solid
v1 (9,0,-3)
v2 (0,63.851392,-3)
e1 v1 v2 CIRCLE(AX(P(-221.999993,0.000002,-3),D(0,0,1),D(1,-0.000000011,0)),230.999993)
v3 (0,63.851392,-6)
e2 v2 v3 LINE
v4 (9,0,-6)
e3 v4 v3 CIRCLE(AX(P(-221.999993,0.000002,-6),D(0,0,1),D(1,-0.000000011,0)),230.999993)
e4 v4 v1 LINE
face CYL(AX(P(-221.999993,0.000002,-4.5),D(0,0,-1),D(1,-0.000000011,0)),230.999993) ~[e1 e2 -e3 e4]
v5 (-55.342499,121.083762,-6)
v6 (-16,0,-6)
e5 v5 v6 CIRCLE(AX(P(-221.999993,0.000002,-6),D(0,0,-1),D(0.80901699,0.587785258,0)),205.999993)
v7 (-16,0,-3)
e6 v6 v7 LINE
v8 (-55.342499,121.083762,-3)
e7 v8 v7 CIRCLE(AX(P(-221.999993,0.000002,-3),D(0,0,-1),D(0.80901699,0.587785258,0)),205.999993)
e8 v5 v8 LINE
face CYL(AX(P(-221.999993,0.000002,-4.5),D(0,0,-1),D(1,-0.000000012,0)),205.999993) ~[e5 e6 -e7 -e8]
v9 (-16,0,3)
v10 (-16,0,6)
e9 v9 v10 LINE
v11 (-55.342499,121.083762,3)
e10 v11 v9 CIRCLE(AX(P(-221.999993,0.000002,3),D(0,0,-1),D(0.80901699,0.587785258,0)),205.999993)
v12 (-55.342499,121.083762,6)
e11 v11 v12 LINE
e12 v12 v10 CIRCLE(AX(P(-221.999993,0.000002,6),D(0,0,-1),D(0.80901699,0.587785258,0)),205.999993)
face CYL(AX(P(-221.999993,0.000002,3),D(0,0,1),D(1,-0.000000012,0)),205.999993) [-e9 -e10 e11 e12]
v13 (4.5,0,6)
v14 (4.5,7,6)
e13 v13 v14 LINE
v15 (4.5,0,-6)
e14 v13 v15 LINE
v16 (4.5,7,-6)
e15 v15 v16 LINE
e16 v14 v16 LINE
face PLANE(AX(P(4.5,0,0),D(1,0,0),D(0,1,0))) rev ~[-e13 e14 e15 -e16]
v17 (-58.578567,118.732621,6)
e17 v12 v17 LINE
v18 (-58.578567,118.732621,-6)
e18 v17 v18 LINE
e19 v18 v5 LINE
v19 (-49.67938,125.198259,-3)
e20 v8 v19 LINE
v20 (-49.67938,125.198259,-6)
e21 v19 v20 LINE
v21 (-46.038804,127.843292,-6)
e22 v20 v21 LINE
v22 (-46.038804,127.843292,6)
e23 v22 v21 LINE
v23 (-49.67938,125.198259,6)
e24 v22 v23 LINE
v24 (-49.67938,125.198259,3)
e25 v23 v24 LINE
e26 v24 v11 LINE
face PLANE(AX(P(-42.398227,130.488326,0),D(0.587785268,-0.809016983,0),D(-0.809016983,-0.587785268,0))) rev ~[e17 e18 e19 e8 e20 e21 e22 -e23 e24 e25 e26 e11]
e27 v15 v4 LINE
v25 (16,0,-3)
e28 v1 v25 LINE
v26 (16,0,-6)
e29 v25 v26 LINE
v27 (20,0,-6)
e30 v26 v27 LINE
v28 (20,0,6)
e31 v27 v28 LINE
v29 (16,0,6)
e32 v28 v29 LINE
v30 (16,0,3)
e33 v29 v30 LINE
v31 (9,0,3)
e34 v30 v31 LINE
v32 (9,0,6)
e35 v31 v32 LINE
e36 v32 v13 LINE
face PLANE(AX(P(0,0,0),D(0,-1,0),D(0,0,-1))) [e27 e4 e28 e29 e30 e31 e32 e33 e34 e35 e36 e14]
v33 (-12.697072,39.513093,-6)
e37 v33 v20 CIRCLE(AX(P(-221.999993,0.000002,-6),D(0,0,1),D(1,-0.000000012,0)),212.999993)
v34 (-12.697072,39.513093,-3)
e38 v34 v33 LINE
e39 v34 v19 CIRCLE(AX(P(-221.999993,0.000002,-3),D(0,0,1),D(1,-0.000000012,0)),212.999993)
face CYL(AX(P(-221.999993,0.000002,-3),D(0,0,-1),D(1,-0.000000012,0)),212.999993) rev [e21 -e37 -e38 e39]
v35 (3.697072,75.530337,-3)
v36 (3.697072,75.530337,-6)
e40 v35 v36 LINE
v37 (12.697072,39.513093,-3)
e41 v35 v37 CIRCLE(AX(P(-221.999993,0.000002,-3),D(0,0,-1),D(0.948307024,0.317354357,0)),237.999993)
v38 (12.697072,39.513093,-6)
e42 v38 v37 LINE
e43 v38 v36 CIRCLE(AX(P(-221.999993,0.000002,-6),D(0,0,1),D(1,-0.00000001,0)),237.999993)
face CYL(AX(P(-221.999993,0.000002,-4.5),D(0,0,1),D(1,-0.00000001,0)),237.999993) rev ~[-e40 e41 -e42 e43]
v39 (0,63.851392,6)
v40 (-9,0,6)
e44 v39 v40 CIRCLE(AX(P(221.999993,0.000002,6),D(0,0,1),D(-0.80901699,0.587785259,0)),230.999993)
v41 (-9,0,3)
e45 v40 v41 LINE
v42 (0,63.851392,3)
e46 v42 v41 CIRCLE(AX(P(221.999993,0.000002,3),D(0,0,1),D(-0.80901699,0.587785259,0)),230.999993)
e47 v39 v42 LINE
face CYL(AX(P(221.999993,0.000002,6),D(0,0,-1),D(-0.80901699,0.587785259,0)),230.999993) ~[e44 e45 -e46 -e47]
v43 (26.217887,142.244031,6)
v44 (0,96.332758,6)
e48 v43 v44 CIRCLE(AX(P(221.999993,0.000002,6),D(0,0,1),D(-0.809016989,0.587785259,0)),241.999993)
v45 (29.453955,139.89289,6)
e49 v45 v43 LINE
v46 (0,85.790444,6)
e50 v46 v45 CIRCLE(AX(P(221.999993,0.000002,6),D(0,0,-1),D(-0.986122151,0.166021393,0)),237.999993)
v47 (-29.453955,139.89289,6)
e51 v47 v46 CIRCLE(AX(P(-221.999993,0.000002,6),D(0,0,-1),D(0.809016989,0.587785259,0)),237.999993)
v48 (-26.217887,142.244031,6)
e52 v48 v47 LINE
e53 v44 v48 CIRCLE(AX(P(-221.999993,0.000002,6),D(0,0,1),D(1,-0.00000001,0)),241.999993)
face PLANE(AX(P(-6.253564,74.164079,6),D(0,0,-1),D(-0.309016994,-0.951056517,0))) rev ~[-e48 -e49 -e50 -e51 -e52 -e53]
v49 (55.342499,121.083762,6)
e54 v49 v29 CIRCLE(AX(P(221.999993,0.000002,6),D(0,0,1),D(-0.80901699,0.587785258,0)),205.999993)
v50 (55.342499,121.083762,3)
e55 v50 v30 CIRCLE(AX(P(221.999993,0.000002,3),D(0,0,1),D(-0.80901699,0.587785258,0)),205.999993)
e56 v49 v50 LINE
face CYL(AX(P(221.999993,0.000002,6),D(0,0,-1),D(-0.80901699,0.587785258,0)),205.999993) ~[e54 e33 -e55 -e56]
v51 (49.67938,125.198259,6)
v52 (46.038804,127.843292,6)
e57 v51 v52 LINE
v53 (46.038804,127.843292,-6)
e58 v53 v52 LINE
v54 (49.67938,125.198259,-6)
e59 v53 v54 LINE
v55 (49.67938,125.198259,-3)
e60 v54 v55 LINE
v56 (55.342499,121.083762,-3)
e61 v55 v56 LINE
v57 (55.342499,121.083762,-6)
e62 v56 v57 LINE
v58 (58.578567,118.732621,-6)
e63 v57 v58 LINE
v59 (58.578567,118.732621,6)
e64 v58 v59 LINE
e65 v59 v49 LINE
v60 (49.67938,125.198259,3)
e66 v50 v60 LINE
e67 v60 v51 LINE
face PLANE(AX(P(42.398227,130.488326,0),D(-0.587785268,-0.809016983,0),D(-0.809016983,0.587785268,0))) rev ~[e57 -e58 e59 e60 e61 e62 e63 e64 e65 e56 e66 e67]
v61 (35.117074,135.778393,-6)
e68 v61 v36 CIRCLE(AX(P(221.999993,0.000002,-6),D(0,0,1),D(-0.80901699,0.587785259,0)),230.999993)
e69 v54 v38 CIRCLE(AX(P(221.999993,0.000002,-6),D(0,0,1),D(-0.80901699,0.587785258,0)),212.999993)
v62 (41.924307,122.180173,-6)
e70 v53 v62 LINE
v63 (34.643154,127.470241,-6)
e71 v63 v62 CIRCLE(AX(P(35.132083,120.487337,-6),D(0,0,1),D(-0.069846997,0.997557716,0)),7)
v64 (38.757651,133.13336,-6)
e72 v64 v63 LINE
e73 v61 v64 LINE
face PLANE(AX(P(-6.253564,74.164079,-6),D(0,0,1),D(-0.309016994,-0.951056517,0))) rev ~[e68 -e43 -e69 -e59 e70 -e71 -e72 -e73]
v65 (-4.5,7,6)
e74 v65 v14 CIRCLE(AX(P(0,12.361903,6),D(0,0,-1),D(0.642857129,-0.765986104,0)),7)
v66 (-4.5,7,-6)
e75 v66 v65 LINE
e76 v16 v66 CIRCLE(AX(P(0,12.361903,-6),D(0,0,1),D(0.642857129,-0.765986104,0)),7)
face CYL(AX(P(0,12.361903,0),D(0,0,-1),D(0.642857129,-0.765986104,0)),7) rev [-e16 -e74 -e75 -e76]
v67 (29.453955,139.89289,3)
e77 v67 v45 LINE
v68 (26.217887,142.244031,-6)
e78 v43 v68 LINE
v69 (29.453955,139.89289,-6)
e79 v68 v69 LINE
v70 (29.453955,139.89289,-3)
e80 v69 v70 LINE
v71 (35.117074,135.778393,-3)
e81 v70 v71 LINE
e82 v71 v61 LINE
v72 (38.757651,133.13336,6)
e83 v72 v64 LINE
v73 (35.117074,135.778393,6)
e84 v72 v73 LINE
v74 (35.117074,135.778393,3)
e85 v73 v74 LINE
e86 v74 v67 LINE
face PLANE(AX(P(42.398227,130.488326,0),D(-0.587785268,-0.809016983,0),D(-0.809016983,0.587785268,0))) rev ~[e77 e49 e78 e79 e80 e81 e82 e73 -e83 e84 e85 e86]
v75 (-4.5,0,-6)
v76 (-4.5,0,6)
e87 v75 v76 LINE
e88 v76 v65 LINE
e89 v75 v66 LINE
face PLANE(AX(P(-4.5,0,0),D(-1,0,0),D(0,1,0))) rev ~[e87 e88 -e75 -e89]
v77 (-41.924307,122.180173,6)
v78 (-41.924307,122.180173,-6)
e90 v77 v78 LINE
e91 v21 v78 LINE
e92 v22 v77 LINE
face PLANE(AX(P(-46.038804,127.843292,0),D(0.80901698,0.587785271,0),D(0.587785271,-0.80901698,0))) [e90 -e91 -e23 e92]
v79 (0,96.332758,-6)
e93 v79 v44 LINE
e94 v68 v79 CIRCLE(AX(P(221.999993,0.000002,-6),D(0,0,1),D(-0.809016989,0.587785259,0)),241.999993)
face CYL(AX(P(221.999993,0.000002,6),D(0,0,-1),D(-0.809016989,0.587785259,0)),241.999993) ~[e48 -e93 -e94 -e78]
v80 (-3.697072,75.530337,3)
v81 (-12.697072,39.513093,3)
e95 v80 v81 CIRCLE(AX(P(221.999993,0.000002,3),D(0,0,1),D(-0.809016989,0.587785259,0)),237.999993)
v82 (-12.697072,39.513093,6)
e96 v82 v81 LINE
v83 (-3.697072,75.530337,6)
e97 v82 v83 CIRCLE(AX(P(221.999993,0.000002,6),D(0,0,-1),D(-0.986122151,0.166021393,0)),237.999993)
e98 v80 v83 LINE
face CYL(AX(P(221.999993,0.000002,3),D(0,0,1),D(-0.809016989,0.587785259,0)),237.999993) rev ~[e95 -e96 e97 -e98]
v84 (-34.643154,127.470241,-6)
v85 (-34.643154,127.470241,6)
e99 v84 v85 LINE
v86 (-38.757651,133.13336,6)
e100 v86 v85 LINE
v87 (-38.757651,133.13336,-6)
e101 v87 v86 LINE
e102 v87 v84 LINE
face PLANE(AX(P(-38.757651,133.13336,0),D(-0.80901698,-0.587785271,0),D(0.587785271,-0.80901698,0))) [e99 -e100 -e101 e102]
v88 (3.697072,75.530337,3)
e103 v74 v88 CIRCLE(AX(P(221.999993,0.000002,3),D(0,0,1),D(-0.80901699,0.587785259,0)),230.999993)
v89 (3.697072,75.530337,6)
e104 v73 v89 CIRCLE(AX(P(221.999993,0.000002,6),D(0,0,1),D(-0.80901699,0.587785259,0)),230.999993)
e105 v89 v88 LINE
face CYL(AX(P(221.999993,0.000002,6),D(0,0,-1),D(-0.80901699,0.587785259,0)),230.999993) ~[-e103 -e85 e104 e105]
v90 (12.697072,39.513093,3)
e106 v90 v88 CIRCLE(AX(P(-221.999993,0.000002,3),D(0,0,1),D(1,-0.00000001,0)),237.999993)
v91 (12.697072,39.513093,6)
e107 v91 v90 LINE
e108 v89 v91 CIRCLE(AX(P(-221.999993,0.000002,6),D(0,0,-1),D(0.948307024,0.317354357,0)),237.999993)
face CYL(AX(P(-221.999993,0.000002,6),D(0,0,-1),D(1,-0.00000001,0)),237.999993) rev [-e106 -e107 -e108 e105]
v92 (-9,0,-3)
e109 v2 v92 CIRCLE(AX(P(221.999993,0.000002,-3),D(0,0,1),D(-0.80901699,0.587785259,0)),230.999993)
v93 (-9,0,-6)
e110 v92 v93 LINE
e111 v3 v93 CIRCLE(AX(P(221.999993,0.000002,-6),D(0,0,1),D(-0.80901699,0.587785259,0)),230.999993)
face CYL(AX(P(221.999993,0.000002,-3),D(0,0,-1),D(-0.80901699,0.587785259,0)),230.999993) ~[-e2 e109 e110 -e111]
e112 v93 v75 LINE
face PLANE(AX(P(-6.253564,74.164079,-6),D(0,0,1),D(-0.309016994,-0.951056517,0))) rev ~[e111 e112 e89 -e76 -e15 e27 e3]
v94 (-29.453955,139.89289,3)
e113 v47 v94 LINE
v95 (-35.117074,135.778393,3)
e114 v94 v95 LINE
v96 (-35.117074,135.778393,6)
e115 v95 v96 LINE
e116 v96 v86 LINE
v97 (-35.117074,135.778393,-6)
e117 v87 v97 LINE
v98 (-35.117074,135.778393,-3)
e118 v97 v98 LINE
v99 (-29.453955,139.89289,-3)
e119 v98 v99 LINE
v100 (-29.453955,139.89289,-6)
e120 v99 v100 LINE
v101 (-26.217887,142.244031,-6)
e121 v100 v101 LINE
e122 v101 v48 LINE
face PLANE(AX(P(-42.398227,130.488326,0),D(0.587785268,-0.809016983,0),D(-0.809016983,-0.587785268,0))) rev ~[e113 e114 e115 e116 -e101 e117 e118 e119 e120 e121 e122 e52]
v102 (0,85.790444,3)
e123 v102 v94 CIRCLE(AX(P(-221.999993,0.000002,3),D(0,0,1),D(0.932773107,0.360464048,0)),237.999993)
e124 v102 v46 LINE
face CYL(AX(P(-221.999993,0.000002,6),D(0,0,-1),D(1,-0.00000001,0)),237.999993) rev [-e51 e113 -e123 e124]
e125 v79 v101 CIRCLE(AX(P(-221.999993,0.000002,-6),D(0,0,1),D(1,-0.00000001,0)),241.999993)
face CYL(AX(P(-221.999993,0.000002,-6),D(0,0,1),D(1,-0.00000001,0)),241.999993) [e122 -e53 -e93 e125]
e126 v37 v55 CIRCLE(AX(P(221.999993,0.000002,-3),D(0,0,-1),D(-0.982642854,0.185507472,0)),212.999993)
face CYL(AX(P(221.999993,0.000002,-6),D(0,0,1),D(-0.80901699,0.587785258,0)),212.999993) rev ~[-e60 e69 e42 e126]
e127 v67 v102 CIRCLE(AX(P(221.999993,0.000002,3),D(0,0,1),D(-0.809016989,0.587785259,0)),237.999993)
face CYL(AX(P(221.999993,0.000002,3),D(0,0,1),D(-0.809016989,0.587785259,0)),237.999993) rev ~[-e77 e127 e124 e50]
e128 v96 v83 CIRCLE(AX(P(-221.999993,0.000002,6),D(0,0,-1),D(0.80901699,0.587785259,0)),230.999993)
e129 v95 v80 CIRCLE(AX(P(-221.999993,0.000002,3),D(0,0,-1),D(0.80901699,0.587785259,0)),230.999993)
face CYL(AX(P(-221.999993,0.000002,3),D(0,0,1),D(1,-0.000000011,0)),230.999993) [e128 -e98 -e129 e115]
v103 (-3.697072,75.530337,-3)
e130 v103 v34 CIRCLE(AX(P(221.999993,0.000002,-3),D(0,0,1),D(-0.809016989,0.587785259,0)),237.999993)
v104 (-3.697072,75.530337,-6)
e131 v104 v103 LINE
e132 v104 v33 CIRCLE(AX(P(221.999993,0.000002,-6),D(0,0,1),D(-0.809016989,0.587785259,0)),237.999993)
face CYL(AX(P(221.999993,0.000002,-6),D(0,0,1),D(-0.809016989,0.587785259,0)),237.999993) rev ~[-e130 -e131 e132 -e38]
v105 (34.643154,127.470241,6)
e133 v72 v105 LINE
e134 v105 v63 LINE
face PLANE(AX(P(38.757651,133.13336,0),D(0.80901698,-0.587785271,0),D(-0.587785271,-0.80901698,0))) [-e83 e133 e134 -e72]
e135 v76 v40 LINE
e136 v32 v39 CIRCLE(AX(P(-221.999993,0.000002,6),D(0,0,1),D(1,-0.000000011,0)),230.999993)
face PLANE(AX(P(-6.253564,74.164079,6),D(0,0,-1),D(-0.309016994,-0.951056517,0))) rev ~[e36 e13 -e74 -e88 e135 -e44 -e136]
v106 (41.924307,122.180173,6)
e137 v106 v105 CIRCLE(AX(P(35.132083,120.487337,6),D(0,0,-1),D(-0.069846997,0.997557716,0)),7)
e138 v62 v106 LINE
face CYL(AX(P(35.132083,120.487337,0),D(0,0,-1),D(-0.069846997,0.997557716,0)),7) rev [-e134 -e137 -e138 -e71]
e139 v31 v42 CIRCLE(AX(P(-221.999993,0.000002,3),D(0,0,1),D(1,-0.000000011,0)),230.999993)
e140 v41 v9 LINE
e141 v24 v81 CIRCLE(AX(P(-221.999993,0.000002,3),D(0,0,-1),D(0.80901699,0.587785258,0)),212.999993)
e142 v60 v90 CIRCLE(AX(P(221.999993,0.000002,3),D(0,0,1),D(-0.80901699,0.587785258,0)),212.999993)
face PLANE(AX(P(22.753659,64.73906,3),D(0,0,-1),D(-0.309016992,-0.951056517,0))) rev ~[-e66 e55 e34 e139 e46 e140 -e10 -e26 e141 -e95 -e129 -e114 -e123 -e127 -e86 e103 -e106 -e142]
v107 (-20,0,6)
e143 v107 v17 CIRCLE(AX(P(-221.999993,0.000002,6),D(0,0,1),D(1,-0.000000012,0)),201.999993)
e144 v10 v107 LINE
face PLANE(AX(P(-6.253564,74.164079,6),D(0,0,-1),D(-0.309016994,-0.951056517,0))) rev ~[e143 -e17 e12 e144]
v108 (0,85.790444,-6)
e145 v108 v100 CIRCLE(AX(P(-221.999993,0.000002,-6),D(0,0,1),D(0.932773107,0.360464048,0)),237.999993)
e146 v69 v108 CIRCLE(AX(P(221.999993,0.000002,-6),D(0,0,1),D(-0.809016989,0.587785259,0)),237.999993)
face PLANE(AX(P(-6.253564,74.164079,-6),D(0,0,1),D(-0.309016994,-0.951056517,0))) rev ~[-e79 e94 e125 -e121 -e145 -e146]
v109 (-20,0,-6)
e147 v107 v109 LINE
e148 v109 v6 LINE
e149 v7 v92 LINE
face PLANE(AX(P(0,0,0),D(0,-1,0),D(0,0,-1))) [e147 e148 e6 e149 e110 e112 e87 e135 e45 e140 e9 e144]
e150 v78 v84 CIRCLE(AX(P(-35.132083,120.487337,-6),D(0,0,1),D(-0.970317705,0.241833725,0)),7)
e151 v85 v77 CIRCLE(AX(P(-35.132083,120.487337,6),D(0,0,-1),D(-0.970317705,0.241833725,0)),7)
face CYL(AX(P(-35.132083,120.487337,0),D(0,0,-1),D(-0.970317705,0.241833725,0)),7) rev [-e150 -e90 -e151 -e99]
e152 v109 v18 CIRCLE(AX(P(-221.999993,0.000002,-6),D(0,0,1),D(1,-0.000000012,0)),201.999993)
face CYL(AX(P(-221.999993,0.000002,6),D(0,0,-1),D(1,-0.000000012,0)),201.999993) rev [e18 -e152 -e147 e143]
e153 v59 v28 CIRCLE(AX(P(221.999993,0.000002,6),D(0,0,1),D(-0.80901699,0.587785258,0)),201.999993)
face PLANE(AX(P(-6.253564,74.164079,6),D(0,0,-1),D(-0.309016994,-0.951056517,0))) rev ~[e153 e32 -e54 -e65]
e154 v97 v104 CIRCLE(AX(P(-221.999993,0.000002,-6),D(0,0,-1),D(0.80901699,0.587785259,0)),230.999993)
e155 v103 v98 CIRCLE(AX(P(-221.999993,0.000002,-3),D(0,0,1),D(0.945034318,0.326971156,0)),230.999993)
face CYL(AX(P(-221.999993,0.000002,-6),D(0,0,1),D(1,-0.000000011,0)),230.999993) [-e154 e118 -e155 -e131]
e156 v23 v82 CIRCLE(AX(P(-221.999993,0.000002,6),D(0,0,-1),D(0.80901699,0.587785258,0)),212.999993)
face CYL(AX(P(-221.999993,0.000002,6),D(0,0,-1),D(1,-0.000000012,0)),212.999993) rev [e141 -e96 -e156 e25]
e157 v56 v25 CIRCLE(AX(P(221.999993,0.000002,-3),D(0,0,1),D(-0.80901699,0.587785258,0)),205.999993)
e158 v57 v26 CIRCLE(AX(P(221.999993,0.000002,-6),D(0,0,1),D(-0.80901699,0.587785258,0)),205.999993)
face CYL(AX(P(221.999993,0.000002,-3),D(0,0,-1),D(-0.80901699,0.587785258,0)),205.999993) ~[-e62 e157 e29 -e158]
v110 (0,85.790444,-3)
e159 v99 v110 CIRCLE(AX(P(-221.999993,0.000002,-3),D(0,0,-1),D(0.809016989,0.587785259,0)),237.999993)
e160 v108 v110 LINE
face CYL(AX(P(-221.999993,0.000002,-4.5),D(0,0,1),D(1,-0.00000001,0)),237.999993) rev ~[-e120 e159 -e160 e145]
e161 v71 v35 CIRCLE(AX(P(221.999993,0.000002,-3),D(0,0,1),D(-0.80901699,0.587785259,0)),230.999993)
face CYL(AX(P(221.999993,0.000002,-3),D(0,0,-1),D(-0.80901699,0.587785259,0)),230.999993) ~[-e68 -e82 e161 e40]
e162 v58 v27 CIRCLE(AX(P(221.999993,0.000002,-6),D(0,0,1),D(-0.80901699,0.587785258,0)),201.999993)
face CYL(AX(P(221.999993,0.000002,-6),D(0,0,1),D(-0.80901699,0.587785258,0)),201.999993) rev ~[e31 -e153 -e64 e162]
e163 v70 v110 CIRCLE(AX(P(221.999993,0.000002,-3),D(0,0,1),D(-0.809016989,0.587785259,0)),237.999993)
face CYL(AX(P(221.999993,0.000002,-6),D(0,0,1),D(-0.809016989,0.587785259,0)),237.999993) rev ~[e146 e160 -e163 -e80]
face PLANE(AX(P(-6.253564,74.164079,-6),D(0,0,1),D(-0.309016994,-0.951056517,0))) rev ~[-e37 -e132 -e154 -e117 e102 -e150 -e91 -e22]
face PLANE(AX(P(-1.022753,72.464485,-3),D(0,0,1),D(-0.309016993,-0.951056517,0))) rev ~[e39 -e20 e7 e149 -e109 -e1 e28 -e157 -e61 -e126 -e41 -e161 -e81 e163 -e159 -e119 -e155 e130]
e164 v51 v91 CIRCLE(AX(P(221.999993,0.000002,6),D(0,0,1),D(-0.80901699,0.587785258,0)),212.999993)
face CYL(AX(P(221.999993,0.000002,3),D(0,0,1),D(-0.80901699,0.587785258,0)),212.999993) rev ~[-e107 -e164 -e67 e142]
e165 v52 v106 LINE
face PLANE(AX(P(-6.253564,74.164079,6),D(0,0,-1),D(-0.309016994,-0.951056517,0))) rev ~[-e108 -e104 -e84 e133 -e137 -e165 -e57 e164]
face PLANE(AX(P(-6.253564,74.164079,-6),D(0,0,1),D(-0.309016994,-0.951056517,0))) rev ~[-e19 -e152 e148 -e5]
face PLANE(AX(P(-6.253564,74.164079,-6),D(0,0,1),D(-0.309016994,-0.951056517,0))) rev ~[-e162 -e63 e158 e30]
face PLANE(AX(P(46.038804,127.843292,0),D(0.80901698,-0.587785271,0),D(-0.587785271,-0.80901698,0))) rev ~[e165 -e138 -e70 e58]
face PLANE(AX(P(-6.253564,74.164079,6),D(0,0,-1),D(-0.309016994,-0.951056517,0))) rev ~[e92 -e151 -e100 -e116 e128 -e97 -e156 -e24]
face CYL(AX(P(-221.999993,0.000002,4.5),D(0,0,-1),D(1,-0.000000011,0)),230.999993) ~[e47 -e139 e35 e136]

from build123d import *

# Parameters (mm, degrees)
SKETCH003_W          = 7
SKETCH003_H          = 3
SKETCH004_W          = 7
SKETCH004_H          = 3
SKETCH005_W          = 7
SKETCH005_H          = 3
SKETCH006_W          = 7
SKETCH006_H          = 3
POCKET_DEPTH         = 6.001
POCKET_DEPTH_BACK    = -6.001
POCKET001_DEPTH      = 6.001
POCKET001_DEPTH_BACK = -6.001
POCKET002_DEPTH      = 6.001
POCKET002_DEPTH_BACK = -6.001


with BuildPart() as part:
    # AdditivePipe: sweep along a path in Sketch
    with BuildLine(Plane.XY) as additivepipe_path:
        ThreePointArc((0, 0), (-10.865453, 68.601773), (-42.398227, 130.488326))
    # Sketch002 → AdditivePipe (sweep)
    with BuildSketch(Plane.XZ):
        Polygon((-20, 6), (-20, -6), (-16, -6), (-16, -3), (-9, -3), (-9, -6), (9, -6), (9, -3), (16, -3), (16, -6), (20, -6), (20, 6), (16, 6), (16, 3), (9, 3), (9, 6), (-9, 6), (-9, 3), (-16, 3), (-16, 6), align=None)
    sweep(path=additivepipe_path.line)

    # AdditivePipe001: sweep along a path in Sketch001
    with BuildLine(Plane.XY) as additivepipe001_path:
        ThreePointArc((42.398227, 130.488326), (10.865453, 68.601773), (0, 0))
    # Sketch002 → AdditivePipe001 (sweep)
    with BuildSketch(Plane.XZ):
        Polygon((-20, 6), (-20, -6), (-16, -6), (-16, -3), (-9, -3), (-9, -6), (9, -6), (9, -3), (16, -3), (16, -6), (20, -6), (20, 6), (16, 6), (16, 3), (9, 3), (9, 6), (-9, 6), (-9, 3), (-16, 3), (-16, 6), align=None)
    sweep(path=additivepipe001_path.line)

    # SubtractivePipe: sweep along a path in Sketch
    with BuildLine(Plane.XY) as subtractivepipe_path:
        ThreePointArc((0, 0), (-10.865453, 68.601773), (-42.398227, 130.488326))
    # Sketch003 → SubtractivePipe (sweep, cut)
    with BuildSketch(Plane.XZ):
        with Locations((-12.5, 4.5)):
            Rectangle(SKETCH003_W, SKETCH003_H)
    sweep(path=subtractivepipe_path.line, mode=Mode.SUBTRACT)

    # SubtractivePipe001: sweep along a path in Sketch001
    with BuildLine(Plane.XY) as subtractivepipe001_path:
        ThreePointArc((42.398227, 130.488326), (10.865453, 68.601773), (0, 0))
    # Sketch003 → SubtractivePipe001 (sweep, cut)
    with BuildSketch(Plane.XZ):
        with Locations((-12.5, 4.5)):
            Rectangle(SKETCH003_W, SKETCH003_H)
    sweep(path=subtractivepipe001_path.line, mode=Mode.SUBTRACT)

    # SubtractivePipe002: sweep along a path in Sketch
    with BuildLine(Plane.XY) as subtractivepipe002_path:
        ThreePointArc((0, 0), (-10.865453, 68.601773), (-42.398227, 130.488326))
    # Sketch004 → SubtractivePipe002 (sweep, cut)
    with BuildSketch(Plane.XZ):
        with Locations((12.5, 4.5)):
            Rectangle(SKETCH004_W, SKETCH004_H)
    sweep(path=subtractivepipe002_path.line, mode=Mode.SUBTRACT)

    # SubtractivePipe003: sweep along a path in Sketch001
    with BuildLine(Plane.XY) as subtractivepipe003_path:
        ThreePointArc((42.398227, 130.488326), (10.865453, 68.601773), (0, 0))
    # Sketch004 → SubtractivePipe003 (sweep, cut)
    with BuildSketch(Plane.XZ):
        with Locations((12.5, 4.5)):
            Rectangle(SKETCH004_W, SKETCH004_H)
    sweep(path=subtractivepipe003_path.line, mode=Mode.SUBTRACT)

    # SubtractivePipe004: sweep along a path in Sketch
    with BuildLine(Plane.XY) as subtractivepipe004_path:
        ThreePointArc((0, 0), (-10.865453, 68.601773), (-42.398227, 130.488326))
    # Sketch005 → SubtractivePipe004 (sweep, cut)
    with BuildSketch(Plane.XZ):
        with Locations((-12.5, -4.5)):
            Rectangle(SKETCH005_W, SKETCH005_H)
    sweep(path=subtractivepipe004_path.line, mode=Mode.SUBTRACT)

    # SubtractivePipe005: sweep along a path in Sketch001
    with BuildLine(Plane.XY) as subtractivepipe005_path:
        ThreePointArc((42.398227, 130.488326), (10.865453, 68.601773), (0, 0))
    # Sketch005 → SubtractivePipe005 (sweep, cut)
    with BuildSketch(Plane.XZ):
        with Locations((-12.5, -4.5)):
            Rectangle(SKETCH005_W, SKETCH005_H)
    sweep(path=subtractivepipe005_path.line, mode=Mode.SUBTRACT)

    # SubtractivePipe006: sweep along a path in Sketch
    with BuildLine(Plane.XY) as subtractivepipe006_path:
        ThreePointArc((0, 0), (-10.865453, 68.601773), (-42.398227, 130.488326))
    # Sketch006 → SubtractivePipe006 (sweep, cut)
    with BuildSketch(Plane.XZ):
        with Locations((12.5, -4.5)):
            Rectangle(SKETCH006_W, SKETCH006_H)
    sweep(path=subtractivepipe006_path.line, mode=Mode.SUBTRACT)

    # SubtractivePipe007: sweep along a path in Sketch001
    with BuildLine(Plane.XY) as subtractivepipe007_path:
        ThreePointArc((42.398227, 130.488326), (10.865453, 68.601773), (0, 0))
    # Sketch006 → SubtractivePipe007 (sweep, cut)
    with BuildSketch(Plane.XZ):
        with Locations((12.5, -4.5)):
            Rectangle(SKETCH006_W, SKETCH006_H)
    sweep(path=subtractivepipe007_path.line, mode=Mode.SUBTRACT)

    # Sketch007 → Pocket (cut, two sides)
    with BuildSketch(Plane.XY) as pocket_sk:
        with BuildLine():
            Line((-4.5, 0), (4.5, 0))
            Line((4.5, 0), (4.5, 7))
            ThreePointArc((4.5, 7), (0, 19.361903), (-4.5, 7))
            Line((-4.5, 0), (-4.5, 7))
        make_face()
    extrude(amount=-POCKET_DEPTH, mode=Mode.SUBTRACT)
    extrude(pocket_sk.sketch, amount=-POCKET_DEPTH_BACK, mode=Mode.SUBTRACT)

    # Sketch008 → Pocket001 (cut, two sides)
    with BuildSketch(Plane.XY) as pocket001_sk:
        with BuildLine():
            Line((-46.038804, 127.843292), (-38.757651, 133.13336))
            Line((-38.757651, 133.13336), (-34.643154, 127.470241))
            ThreePointArc((-41.924307, 122.180173), (-31.017586, 114.824218), (-34.643154, 127.470241))
            Line((-46.038804, 127.843292), (-41.924307, 122.180173))
        make_face()
    extrude(amount=-POCKET001_DEPTH, mode=Mode.SUBTRACT)
    extrude(pocket001_sk.sketch, amount=-POCKET001_DEPTH_BACK, mode=Mode.SUBTRACT)

    # Sketch009 → Pocket002 (cut, two sides)
    with BuildSketch(Plane.XY) as pocket002_sk:
        with BuildLine():
            Line((38.757651, 133.13336), (46.038804, 127.843292))
            Line((46.038804, 127.843292), (41.924307, 122.180173))
            ThreePointArc((34.643154, 127.470241), (31.017586, 114.824218), (41.924307, 122.180173))
            Line((38.757651, 133.13336), (34.643154, 127.470241))
        make_face()
    extrude(amount=-POCKET002_DEPTH, mode=Mode.SUBTRACT)
    extrude(pocket002_sk.sketch, amount=-POCKET002_DEPTH_BACK, mode=Mode.SUBTRACT)


solid = part.part
